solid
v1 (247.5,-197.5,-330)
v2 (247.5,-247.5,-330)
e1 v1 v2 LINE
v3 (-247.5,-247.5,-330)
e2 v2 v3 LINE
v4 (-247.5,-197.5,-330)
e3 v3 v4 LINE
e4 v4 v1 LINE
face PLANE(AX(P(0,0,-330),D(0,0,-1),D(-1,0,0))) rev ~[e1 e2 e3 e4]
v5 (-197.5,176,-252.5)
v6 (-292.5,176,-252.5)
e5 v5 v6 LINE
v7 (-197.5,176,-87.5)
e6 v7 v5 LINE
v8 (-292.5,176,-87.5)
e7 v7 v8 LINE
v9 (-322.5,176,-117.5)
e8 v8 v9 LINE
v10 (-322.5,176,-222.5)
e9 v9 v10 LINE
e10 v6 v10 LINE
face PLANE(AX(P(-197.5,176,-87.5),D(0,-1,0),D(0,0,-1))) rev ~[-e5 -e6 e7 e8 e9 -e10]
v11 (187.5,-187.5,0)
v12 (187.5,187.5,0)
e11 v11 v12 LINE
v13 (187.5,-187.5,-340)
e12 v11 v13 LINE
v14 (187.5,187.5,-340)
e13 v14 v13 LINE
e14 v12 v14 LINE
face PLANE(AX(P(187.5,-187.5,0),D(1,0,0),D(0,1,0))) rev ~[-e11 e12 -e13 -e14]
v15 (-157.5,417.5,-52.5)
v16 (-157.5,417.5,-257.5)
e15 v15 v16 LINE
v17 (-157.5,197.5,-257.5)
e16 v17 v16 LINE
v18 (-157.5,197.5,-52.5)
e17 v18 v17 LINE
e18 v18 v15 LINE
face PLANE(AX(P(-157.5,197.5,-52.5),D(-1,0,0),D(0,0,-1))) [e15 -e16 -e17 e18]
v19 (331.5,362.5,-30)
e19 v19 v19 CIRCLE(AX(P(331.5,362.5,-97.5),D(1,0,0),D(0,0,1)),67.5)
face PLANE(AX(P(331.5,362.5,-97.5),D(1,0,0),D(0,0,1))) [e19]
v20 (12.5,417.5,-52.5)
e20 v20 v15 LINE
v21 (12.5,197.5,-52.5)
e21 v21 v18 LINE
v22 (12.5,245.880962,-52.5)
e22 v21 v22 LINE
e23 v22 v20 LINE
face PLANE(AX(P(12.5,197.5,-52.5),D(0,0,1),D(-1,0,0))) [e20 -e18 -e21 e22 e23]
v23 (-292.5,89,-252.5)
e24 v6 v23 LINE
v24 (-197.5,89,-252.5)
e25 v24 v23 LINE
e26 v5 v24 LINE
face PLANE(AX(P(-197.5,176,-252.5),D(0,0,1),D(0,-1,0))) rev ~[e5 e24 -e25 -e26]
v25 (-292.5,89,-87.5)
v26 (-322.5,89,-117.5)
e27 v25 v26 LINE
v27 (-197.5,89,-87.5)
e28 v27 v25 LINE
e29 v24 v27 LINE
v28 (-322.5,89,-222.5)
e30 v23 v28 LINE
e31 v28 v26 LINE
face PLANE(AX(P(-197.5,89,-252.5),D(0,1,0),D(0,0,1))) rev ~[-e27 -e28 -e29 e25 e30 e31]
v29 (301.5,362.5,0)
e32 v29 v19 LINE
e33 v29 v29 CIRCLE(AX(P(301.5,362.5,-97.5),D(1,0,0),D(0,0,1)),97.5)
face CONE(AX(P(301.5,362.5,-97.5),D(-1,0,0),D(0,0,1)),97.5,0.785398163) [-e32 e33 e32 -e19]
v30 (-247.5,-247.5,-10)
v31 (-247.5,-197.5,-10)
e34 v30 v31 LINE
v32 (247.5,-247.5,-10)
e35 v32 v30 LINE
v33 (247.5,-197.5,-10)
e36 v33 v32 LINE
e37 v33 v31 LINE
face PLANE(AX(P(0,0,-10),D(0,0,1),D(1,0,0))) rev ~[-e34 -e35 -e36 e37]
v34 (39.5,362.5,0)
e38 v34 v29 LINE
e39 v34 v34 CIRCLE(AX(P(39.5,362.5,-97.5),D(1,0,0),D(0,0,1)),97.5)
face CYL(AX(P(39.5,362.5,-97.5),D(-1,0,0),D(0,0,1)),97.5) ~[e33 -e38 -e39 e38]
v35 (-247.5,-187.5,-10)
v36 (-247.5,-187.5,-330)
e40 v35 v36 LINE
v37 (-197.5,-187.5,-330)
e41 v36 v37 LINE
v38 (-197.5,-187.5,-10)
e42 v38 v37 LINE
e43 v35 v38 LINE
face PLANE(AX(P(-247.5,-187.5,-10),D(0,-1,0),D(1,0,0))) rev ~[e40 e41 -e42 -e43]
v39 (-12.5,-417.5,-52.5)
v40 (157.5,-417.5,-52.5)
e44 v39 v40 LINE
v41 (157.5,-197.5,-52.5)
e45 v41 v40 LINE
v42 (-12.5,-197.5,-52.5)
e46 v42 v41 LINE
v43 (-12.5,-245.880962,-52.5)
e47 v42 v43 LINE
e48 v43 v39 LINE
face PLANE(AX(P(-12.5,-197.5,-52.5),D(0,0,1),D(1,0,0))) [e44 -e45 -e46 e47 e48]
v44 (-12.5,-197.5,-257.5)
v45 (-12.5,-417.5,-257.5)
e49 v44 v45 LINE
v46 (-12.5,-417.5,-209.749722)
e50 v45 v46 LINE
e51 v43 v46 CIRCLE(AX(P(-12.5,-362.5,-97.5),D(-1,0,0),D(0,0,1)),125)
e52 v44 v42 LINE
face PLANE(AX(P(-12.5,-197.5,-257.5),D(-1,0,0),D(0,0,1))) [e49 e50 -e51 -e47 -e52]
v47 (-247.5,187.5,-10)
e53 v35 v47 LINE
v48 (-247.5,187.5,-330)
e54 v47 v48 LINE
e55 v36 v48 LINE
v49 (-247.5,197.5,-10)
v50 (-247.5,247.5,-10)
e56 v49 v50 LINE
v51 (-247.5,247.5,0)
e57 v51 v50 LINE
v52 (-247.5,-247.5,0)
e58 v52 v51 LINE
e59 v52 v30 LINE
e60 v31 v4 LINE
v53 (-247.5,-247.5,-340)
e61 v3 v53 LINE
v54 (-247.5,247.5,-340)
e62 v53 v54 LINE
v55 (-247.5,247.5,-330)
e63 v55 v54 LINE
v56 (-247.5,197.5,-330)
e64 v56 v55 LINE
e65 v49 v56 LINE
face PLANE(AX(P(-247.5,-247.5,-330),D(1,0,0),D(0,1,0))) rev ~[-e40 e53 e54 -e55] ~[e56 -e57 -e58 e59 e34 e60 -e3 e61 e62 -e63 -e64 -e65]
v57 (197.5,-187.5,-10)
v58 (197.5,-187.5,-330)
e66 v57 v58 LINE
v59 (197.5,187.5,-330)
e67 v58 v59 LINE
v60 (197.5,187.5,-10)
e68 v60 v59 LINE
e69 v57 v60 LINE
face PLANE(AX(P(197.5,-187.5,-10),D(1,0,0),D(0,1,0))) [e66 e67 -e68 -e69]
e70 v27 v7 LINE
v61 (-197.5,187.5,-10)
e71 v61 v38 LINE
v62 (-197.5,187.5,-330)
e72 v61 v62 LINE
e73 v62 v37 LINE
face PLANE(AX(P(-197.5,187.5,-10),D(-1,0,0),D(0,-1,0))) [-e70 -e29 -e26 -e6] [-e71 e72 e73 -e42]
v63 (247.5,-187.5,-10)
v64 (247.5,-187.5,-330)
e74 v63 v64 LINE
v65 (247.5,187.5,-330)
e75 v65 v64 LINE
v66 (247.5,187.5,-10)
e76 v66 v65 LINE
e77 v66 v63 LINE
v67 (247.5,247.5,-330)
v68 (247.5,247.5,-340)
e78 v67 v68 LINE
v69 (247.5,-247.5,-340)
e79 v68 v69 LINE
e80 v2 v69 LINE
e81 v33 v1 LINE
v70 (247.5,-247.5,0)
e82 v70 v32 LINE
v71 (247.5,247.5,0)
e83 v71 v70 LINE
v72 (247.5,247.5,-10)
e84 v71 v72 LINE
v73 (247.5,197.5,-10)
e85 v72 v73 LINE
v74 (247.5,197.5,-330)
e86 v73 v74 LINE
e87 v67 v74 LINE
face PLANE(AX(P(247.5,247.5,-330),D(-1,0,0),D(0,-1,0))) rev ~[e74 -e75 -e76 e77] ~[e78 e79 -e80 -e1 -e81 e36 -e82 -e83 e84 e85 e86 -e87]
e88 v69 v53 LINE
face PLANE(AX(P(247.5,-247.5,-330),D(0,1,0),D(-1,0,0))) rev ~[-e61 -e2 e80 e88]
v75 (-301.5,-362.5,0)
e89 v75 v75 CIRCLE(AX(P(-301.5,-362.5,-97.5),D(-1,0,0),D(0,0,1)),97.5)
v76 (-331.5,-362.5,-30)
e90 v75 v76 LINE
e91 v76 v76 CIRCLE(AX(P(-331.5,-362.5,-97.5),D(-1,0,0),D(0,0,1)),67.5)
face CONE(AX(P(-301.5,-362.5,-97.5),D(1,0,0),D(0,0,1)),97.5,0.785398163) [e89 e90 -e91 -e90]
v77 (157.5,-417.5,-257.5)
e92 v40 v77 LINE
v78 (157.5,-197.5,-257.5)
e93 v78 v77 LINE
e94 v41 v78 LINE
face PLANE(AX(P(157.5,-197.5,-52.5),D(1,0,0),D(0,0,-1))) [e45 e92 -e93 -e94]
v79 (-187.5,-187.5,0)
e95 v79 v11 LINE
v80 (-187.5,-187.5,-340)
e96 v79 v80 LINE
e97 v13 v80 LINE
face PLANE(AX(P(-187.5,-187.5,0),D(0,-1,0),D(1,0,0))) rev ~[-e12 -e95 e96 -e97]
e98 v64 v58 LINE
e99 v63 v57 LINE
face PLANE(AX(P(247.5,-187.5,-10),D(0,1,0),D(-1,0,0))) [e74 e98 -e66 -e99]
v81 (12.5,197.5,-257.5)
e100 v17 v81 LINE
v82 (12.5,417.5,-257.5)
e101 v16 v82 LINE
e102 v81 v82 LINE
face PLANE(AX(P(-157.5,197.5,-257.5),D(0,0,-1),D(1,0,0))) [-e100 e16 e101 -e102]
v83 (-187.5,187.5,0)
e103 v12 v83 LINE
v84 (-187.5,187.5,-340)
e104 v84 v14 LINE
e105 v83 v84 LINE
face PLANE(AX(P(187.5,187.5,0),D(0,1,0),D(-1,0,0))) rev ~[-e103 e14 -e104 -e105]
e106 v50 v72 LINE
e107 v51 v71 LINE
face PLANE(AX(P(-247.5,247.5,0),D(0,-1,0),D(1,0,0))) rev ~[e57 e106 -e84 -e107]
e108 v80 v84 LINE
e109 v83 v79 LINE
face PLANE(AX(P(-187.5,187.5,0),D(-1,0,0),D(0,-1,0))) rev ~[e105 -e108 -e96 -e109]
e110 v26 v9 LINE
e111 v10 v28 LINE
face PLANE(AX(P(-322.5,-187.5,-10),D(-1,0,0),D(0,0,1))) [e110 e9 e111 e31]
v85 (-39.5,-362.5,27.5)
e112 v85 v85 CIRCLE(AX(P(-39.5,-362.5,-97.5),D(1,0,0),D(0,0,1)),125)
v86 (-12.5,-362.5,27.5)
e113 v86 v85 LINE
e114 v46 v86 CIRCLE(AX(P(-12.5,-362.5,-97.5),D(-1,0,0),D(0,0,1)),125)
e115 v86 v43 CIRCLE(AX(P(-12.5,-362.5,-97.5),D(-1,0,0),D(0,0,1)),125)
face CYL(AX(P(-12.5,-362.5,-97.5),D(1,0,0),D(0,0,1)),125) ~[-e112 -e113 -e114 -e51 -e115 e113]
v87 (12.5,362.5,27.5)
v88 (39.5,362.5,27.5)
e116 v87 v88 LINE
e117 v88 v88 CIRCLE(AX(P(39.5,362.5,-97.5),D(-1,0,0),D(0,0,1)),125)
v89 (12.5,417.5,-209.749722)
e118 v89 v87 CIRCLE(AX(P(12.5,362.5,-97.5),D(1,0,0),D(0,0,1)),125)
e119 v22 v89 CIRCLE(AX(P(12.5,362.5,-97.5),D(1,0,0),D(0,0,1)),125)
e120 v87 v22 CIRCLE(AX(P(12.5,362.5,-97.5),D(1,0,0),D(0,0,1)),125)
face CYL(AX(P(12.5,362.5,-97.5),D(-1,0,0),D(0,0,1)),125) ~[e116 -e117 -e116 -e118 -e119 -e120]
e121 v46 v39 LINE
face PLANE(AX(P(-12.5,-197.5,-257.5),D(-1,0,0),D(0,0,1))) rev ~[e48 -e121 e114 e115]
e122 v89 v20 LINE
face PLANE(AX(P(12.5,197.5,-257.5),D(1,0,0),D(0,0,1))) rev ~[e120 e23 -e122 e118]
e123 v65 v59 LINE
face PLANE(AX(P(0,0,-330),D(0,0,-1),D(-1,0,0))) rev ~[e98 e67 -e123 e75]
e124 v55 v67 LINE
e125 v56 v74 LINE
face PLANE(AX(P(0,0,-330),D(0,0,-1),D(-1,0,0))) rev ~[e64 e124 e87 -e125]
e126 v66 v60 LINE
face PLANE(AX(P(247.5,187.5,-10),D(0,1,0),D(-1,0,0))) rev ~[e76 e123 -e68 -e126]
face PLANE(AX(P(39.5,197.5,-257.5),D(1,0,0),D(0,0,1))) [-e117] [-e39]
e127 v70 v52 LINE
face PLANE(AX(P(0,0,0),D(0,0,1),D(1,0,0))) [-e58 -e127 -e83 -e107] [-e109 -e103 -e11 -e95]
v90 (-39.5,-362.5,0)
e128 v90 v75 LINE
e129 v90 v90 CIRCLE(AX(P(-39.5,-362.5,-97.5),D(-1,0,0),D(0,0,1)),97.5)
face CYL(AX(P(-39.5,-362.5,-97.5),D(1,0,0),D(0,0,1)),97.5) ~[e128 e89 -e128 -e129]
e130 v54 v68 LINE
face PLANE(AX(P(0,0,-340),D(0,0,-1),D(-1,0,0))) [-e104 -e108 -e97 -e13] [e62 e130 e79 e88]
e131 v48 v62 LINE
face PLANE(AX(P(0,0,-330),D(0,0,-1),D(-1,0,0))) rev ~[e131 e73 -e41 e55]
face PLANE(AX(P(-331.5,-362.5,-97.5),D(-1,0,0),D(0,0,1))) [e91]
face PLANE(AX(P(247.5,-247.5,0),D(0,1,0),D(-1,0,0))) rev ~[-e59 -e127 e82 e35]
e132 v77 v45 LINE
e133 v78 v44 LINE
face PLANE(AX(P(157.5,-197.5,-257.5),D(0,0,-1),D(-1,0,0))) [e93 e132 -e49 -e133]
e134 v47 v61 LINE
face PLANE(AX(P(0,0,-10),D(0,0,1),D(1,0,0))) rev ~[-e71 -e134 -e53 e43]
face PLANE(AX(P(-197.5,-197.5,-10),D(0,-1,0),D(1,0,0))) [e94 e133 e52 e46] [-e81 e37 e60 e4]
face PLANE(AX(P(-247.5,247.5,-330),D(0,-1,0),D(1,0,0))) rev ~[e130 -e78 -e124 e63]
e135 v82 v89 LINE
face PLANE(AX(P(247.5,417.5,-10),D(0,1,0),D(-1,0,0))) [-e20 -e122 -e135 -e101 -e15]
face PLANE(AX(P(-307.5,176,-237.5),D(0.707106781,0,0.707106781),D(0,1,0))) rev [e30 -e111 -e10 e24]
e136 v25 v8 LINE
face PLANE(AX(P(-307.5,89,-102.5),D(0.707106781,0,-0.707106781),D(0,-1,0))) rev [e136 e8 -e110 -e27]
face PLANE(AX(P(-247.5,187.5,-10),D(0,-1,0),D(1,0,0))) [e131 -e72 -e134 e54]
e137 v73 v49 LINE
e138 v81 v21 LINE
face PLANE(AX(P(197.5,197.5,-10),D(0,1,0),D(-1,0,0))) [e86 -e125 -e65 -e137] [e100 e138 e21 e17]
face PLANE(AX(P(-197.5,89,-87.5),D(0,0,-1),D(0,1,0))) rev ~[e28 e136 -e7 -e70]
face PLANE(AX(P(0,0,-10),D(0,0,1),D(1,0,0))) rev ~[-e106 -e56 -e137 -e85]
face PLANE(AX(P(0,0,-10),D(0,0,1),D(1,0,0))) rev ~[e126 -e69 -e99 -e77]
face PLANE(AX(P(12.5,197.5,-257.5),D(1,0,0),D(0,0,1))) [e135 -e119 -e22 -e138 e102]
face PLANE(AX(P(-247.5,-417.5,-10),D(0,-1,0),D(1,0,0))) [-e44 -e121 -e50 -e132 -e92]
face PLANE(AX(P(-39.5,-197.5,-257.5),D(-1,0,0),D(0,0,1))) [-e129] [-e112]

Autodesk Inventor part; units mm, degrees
ref_plane "YZ Plane" through (0, 0, 0) normal (1, 0, 0) x (0, 1, 0)
ref_plane "XZ Plane" through (0, 0, 0) normal (0, 1, 0) x (-1, 0, 0)
ref_plane "XY Plane" through (0, 0, 0) normal (0, 0, 1) x (1, 0, 0)
sketch "Sketch1" plane through (0, 0, 0) normal (0, 0, 1) x (1, 0, 0)
  line L0 (-247.5, 247.5) -> (247.5, 247.5)
  line L1 (247.5, 247.5) -> (247.5, -247.5)
  line L2 (247.5, -247.5) -> (-247.5, -247.5)
  line L3 (-247.5, -247.5) -> (-247.5, 247.5)
  line L4 (-247.5, -247.5) -> (247.5, 247.5) construction
  point P0 (0, 0)
  point P1 (0, 0)
  dimension "d0" = 495
  dimension "d1" = 495
extrude "Extrusion1" add sketch "Sketch1" against normal blind 10
sketch "Sketch2" plane through (0, 0, -10) normal (0, 0, -1) x (-1, 0, 0)
  line L0 (197.5, -197.5) -> (-197.5, -197.5)
  line L1 (-197.5, -197.5) -> (-197.5, 197.5)
  line L2 (-197.5, 197.5) -> (197.5, 197.5)
  line L3 (197.5, 197.5) -> (197.5, -197.5)
  line L4 (197.5, -197.5) -> (-197.5, 197.5) construction
  line L5 (247.5, -247.5) -> (247.5, 247.5) projected
  line L6 (197.5, -197.5) -> (247.5, -197.5)
  line L7 (247.5, -197.5) -> (247.5, -187.5)
  line L8 (247.5, -187.5) -> (197.5, -187.5)
  line L9 (197.5, -187.5) -> (197.5, -197.5)
  line L10 (197.5, 197.5) -> (247.5, 197.5)
  line L11 (247.5, 197.5) -> (247.5, 187.5)
  line L12 (247.5, 187.5) -> (197.5, 187.5)
  line L13 (197.5, 187.5) -> (197.5, 197.5)
  line L14 (-247.5, 247.5) -> (-247.5, -247.5) projected
  line L15 (-197.5, -197.5) -> (-247.5, -197.5)
  line L16 (-247.5, -197.5) -> (-247.5, -187.5)
  line L17 (-247.5, -187.5) -> (-197.5, -187.5)
  line L18 (-197.5, -187.5) -> (-197.5, -197.5)
  line L19 (-197.5, 197.5) -> (-247.5, 197.5)
  line L20 (-247.5, 197.5) -> (-247.5, 187.5)
  line L21 (-247.5, 187.5) -> (-197.5, 187.5)
  line L22 (-197.5, 187.5) -> (-197.5, 197.5)
  point P0 (0, 0)
  point P1 (0, 0)
  dimension "d4" = 395
  dimension "d5" = 395
  dimension "d19" = 10
  dimension "d20" = 10
  dimension "d21" = 10
  dimension "d22" = 10
extrude "Extrusion2" add sketch "Sketch2" along normal blind 320 contours L0 L1 L2 L3 | L3 L8 L5 L6 | L15 L14 L17 L1 | L3 L10 L5 L12 | L21 L14 L19 L1
sketch "Sketch3" plane through (0, 0, -330) normal (0, 0, -1) x (-1, 0, 0)
  line L0 (-247.5, -247.5) -> (247.5, -247.5)
  line L1 (247.5, -247.5) -> (247.5, 247.5)
  line L2 (247.5, 247.5) -> (-247.5, 247.5)
  line L3 (-247.5, 247.5) -> (-247.5, -247.5)
  line L4 (-247.5, -247.5) -> (247.5, 247.5) construction
  point P0 (0, 0)
  point P1 (0, 0)
  dimension "d8" = 495
  dimension "d9" = 495
extrude "Extrusion3" add sketch "Sketch3" along normal blind 10
sketch "Sketch4" plane through (0, 0, 0) normal (0, 0, 1) x (1, 0, 0)
  line L0 (-187.5, -187.5) -> (187.5, -187.5)
  line L1 (187.5, -187.5) -> (187.5, 187.5)
  line L2 (187.5, 187.5) -> (-187.5, 187.5)
  line L3 (-187.5, 187.5) -> (-187.5, -187.5)
  line L4 (-187.5, -187.5) -> (187.5, 187.5) construction
  point P0 (0, 0)
  point P1 (0, 0)
  dimension "d12" = 375
  dimension "d13" = 375
extrude "Extrusion4" cut sketch "Sketch4" against normal through all
sketch "Sketch6" plane through (-247.5, -197.5, -10) normal (0, -1, 0) x (1, 0, 0)
  line L0 (235, -42.5) -> (405, -42.5)
  line L1 (405, -42.5) -> (405, -247.5)
  line L2 (405, -247.5) -> (235, -247.5)
  line L3 (235, -247.5) -> (235, -42.5)
  line L4 (235, -42.5) -> (405, -247.5) construction
  line L5 (495, 0) -> (495, -320) projected
  line L6 (495, -330) -> (0, -330) projected
  point P0 (247.5, 10)
  point P1 (320, -145)
  dimension "d23" = 205
  dimension "d24" = 170
  dimension "d25" = 175
  dimension "d26" = 185
extrude "Extrusion5" add sketch "Sketch6" along normal blind 220
sketch "Sketch7" plane through (-12.5, -197.5, -257.5) normal (-1, 0, 0) x (0, 0, 1)
  circle A0 centre (160, -165) radius 125
  line L0 (205, 0) -> (205, -220) projected
  line L1 (205, -220) -> (0, -220) projected
  point P0 (257.5, 197.5)
  dimension "d5" = 395
  dimension "d30" = 250
  dimension "d33" = 45
  dimension "d34" = 55
extrude "Extrusion6" add sketch "Sketch7" along normal blind 27
sketch "Sketch8" plane through (-39.5, -362.5, -97.5) normal (-1, 0, 0) x (0, 0, 1)
  circle A0 centre (0, 0) radius 97.5
  circle A1 centre (0, 0) radius 125 projected
  point P0 (97.5, 362.5)
  dimension "d37" = 195
extrude "Extrusion7" add sketch "Sketch8" along normal blind 292 contours A0
pattern_circular "Circular Pattern1" count 2 over 360 about axis through (0, 0, -10) along (0, 0, 1) of "Extrusion7", "Extrusion6", "Extrusion5"
sketch "Sketch10" plane through (-197.5, -187.5, -10) normal (-1, 0, 0) x (0, 0, 1)
  line L0 (-77.5, 363.5) -> (-242.5, 363.5)
  line L1 (-242.5, 363.5) -> (-242.5, 276.5)
  line L2 (-242.5, 276.5) -> (-77.5, 276.5)
  line L3 (-77.5, 276.5) -> (-77.5, 363.5)
  line L4 (0, 375) -> (-320, 375) projected
  point P0 (10, 187.5)
  point P1 (-77.5, 320)
  point P2 (-160, 363.5)
  point P3 (-160, 375)
  dimension "d44" = 165
  dimension "d45" = 87
  dimension "d46" = 55
extrude "Extrusion8" add sketch "Sketch10" along normal blind 125
chamfer "Chamfer1" distance 30 angle 45 2 edges at (-322.5, 132.5, -87.5) (-322.5, 132.5, -252.5)
chamfer "Chamfer2" distance 30 angle 45 2 edges at (331.5, 362.5, -195) (-331.5, -362.5, -195)
equation "\"d1\" = d0"
equation "\"d5\" = d4"
equation "\"d20\" = d19"
equation "\"d21\" = d19"
equation "\"d22\" = d19"
equation "\"d8\" = d0"
equation "\"d9\" = d8"
properties part number "Измельчитель комков"
